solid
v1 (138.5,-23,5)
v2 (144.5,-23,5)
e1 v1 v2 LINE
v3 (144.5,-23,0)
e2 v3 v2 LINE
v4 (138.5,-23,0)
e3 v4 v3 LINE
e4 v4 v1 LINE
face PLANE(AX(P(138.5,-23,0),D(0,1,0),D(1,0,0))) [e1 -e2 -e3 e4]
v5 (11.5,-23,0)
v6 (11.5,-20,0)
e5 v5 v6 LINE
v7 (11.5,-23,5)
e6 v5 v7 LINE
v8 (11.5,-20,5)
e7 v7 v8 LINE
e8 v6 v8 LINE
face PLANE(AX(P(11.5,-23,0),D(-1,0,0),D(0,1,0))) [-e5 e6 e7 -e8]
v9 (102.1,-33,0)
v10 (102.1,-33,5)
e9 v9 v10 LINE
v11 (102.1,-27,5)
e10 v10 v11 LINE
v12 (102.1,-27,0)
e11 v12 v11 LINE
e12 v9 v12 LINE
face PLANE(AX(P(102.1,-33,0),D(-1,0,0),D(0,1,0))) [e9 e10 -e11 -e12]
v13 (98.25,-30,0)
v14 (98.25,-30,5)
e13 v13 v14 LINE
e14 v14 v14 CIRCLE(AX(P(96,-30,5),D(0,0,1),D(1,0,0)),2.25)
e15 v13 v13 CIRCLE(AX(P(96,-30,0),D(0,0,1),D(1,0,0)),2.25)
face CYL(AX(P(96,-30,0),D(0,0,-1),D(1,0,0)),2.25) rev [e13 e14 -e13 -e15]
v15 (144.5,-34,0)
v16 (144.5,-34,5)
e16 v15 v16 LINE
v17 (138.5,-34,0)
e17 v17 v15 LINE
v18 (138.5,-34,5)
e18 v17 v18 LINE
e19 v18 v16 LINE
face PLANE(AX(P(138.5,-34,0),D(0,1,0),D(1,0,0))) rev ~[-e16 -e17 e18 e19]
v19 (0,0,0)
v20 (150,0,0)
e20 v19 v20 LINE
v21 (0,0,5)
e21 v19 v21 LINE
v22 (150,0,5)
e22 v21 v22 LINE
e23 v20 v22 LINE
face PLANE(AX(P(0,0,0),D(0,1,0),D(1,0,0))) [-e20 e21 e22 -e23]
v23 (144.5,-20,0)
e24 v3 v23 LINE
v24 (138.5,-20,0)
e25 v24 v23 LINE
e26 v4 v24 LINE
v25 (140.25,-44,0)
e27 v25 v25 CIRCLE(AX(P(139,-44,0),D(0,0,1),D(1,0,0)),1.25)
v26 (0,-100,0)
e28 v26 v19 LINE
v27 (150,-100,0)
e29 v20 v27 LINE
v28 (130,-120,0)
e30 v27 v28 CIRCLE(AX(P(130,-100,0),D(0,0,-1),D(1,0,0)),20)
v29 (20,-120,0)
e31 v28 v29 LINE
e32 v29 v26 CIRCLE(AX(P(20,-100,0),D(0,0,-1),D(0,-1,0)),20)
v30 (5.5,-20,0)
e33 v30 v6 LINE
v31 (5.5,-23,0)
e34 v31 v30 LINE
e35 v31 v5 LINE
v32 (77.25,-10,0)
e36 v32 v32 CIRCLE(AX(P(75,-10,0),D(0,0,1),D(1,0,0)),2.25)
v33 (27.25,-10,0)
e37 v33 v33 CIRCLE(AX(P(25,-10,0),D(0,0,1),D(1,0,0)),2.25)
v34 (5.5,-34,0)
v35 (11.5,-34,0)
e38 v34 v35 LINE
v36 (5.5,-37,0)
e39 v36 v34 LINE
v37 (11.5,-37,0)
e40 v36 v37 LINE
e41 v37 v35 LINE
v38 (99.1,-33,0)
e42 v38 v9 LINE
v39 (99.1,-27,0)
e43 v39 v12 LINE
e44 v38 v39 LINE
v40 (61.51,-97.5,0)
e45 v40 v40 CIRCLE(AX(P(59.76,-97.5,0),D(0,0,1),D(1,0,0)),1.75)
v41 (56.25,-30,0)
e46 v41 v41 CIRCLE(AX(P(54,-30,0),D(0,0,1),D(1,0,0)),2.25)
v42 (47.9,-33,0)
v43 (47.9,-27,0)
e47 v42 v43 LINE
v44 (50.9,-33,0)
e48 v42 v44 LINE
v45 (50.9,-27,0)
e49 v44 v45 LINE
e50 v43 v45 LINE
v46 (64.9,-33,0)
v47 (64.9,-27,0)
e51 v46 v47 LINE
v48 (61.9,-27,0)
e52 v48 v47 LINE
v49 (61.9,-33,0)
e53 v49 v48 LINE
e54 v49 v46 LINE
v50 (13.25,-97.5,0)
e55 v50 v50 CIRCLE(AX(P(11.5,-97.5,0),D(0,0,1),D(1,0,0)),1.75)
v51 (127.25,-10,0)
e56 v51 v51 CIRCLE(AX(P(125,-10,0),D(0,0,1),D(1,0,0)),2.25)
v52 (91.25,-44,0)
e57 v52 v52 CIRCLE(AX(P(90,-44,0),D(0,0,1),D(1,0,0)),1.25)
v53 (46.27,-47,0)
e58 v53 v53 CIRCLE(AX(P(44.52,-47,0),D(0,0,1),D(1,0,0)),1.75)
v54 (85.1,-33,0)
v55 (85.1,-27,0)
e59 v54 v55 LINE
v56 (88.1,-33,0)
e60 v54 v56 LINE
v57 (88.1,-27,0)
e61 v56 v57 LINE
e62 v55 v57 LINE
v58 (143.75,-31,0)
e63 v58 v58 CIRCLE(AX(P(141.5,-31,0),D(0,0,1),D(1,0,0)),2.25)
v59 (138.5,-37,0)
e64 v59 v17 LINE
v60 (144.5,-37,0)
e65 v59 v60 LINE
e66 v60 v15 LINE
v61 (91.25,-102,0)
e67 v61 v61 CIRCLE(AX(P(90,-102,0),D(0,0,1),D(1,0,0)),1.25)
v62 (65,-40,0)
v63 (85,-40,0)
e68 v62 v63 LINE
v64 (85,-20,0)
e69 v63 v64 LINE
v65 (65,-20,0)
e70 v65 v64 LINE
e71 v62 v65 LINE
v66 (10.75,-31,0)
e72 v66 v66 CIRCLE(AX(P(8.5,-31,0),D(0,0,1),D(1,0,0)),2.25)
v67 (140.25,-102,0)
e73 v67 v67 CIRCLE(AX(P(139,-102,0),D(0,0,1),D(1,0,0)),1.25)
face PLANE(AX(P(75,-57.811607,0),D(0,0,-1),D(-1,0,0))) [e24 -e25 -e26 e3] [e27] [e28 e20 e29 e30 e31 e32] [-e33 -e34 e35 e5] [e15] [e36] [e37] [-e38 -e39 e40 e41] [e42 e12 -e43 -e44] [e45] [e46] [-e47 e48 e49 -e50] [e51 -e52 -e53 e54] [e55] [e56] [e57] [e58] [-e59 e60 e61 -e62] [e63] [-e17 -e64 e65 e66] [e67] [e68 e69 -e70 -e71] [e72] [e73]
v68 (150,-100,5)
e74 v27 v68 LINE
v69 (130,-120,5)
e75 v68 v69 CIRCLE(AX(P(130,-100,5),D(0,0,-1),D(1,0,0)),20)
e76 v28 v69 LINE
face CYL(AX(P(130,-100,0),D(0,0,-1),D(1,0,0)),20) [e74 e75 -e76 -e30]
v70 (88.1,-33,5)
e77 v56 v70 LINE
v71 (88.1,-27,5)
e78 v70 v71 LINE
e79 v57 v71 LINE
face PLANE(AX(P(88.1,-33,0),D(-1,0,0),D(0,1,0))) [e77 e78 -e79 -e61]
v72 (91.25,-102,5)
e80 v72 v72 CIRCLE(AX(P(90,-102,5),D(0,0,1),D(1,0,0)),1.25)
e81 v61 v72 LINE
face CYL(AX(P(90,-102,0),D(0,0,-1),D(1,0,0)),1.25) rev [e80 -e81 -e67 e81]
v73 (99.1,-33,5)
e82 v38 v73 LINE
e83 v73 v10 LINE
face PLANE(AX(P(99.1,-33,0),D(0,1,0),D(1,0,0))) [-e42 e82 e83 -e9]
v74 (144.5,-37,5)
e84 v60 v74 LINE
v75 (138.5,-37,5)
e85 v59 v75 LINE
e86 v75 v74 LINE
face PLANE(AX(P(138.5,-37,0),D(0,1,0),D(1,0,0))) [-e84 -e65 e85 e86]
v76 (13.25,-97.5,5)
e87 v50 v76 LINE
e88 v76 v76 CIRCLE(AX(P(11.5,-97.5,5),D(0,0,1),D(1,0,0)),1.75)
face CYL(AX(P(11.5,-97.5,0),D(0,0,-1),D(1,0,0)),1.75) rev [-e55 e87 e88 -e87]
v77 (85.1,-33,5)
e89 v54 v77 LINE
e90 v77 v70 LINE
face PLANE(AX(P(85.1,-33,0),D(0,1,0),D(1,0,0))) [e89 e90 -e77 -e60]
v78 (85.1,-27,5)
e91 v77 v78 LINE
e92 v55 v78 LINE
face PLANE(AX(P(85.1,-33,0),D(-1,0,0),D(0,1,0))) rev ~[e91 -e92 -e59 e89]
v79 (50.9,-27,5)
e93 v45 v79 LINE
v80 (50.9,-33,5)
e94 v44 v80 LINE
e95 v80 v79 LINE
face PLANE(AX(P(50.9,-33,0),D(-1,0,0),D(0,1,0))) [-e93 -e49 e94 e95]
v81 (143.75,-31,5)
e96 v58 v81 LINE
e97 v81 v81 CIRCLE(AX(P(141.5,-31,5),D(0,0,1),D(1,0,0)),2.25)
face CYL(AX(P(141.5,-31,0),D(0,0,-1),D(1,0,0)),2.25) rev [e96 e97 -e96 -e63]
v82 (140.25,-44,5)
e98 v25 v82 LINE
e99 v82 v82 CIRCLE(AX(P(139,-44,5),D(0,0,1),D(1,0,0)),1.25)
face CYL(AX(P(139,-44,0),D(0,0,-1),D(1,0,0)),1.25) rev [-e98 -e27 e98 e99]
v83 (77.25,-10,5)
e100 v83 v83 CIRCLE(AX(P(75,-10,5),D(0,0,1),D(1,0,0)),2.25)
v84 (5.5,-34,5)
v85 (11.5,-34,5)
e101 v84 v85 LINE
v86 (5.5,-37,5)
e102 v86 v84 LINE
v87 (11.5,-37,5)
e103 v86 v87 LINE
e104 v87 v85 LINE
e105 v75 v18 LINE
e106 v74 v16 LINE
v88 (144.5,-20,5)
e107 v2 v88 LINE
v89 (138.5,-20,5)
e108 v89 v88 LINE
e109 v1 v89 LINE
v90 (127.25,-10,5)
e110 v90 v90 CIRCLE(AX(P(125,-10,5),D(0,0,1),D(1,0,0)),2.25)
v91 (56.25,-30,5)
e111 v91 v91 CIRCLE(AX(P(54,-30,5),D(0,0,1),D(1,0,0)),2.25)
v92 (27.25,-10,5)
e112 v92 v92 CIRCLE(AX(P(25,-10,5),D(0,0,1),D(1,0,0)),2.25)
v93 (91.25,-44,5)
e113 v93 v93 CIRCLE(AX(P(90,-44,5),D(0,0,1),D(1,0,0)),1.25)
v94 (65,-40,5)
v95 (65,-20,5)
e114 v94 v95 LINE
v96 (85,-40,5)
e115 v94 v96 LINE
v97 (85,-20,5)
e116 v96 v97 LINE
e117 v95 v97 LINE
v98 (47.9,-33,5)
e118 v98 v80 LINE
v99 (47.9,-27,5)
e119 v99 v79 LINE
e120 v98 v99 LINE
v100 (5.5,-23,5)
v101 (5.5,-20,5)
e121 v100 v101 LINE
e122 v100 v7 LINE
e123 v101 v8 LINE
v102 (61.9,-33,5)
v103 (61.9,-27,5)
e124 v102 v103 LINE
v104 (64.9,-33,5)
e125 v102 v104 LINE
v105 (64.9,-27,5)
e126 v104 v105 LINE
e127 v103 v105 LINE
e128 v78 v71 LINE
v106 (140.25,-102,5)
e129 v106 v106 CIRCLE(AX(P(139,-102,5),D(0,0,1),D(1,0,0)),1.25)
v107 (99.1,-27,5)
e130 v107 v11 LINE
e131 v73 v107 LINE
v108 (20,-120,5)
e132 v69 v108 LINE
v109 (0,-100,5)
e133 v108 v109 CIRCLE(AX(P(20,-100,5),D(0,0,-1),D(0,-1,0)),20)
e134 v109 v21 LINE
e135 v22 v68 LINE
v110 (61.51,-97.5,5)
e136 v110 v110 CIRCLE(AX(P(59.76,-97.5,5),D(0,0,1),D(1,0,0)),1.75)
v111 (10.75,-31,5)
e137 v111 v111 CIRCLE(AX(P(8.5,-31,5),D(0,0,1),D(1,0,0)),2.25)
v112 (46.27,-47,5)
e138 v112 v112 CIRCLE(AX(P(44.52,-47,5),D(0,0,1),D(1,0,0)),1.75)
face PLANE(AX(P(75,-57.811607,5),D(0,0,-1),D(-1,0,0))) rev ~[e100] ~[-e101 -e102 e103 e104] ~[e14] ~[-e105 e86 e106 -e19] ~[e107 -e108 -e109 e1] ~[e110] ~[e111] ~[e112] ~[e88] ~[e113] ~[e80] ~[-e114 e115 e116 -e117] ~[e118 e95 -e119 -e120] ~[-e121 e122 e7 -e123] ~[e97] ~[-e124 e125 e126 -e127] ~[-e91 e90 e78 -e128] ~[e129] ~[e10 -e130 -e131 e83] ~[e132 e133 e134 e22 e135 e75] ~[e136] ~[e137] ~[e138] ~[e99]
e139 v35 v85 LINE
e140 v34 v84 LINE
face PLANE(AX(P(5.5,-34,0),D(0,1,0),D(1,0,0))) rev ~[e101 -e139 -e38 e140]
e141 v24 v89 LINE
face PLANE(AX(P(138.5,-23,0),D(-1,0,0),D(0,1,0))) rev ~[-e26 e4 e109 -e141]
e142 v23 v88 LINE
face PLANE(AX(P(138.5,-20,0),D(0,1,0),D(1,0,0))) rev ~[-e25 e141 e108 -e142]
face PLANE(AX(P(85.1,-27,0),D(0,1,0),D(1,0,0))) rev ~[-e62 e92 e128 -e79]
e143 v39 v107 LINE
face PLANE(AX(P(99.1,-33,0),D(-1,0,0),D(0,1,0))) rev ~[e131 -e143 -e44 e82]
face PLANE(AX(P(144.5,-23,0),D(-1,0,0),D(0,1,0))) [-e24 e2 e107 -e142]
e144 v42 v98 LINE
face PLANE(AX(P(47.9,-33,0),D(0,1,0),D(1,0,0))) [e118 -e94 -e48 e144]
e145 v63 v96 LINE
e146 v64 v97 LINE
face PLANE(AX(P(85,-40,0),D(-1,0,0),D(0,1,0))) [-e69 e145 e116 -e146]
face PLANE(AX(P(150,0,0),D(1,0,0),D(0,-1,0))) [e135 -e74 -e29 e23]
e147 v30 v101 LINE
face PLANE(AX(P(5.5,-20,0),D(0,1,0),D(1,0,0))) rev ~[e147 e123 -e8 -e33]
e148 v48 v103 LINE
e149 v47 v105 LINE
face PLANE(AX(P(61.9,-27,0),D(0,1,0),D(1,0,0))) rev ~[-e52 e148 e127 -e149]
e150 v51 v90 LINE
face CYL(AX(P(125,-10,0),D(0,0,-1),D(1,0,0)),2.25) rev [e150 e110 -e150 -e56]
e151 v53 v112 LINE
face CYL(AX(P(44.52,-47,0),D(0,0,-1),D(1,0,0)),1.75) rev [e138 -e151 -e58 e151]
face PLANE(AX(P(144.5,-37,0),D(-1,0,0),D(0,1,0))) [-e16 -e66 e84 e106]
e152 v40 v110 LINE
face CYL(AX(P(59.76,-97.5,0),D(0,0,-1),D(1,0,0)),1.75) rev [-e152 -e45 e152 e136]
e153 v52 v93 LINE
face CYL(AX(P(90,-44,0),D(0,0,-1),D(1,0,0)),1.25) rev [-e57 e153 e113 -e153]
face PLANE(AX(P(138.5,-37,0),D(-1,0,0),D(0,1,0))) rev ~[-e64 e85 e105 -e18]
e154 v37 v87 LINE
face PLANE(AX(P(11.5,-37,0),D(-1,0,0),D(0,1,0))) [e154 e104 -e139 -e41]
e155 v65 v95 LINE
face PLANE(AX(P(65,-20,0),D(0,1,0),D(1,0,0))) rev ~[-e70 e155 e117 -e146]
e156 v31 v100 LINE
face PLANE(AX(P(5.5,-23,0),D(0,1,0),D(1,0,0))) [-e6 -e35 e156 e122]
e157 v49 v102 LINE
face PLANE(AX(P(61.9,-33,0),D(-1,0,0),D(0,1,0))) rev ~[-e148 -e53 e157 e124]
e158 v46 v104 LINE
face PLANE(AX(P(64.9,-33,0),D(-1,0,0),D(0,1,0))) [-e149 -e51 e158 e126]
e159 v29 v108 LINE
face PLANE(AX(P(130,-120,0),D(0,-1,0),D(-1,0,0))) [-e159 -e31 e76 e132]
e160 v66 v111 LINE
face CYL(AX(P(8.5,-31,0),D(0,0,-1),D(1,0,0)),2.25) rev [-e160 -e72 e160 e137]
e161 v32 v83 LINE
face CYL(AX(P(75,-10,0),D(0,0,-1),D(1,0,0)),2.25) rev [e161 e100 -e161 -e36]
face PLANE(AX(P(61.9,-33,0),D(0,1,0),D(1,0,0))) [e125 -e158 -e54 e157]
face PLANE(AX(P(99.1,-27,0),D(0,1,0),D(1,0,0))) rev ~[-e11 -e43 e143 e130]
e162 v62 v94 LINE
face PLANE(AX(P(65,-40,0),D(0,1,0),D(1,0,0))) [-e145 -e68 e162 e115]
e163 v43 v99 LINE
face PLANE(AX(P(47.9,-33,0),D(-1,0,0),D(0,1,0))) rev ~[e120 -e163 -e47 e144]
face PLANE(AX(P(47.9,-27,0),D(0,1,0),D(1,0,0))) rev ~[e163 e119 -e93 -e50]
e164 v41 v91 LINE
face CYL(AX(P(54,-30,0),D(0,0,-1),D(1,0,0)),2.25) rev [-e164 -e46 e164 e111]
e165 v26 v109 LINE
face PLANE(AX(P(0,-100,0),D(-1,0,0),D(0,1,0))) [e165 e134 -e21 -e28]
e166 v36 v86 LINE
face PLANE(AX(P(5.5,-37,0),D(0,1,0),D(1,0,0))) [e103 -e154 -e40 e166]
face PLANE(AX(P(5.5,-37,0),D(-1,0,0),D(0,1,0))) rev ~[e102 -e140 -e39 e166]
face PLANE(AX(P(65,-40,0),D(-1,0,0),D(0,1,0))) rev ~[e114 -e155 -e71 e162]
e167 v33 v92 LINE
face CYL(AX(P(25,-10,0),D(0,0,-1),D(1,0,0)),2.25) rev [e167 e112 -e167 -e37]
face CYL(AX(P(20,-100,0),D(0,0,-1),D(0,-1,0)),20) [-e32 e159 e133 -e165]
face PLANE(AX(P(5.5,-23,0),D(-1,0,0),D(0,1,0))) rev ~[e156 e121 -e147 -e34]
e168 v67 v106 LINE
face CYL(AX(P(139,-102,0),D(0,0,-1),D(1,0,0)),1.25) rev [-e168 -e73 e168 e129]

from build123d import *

# Parameters (mm, degrees)
ESQUISSE1_R        = 1.25
ESQUISSE1_R_2      = 2.25
ESQUISSE1_R_3      = 1.75
ESQUISSE1_W        = 20
ESQUISSE1_H        = 20
ESQUISSE1_W_2      = 6
ESQUISSE1_H_2      = 3
ESQUISSE1_W_3      = 3
ESQUISSE1_H_3      = 6
BOSS_EXTRU_1_DEPTH = 5


with BuildPart() as part:
    # Esquisse1 → Boss.-Extru.1 (new body)
    with BuildSketch(Plane.XY):
        with BuildLine():
            Line((0, 0), (150, 0))
            Line((150, 0), (150, -100))
            ThreePointArc((150, -100), (144.142135624, -114.142135624), (130, -120))
            Line((130, -120), (20, -120))
            ThreePointArc((20, -120), (5.857864376, -114.142135624), (0, -100))
            Line((0, -100), (0, 0))
        make_face()
        with Locations((90, -44)):
            Circle(ESQUISSE1_R, mode=Mode.SUBTRACT)
        with Locations((139, -44)):
            Circle(ESQUISSE1_R, mode=Mode.SUBTRACT)
        with Locations((139, -102)):
            Circle(ESQUISSE1_R, mode=Mode.SUBTRACT)
        with Locations((90, -102)):
            Circle(ESQUISSE1_R, mode=Mode.SUBTRACT)
        with Locations((8.5, -31)):
            Circle(ESQUISSE1_R_2, mode=Mode.SUBTRACT)
        with Locations((141.5, -31)):
            Circle(ESQUISSE1_R_2, mode=Mode.SUBTRACT)
        with Locations((25, -10)):
            Circle(ESQUISSE1_R_2, mode=Mode.SUBTRACT)
        with Locations((125, -10)):
            Circle(ESQUISSE1_R_2, mode=Mode.SUBTRACT)
        with Locations((96, -30)):
            Circle(ESQUISSE1_R_2, mode=Mode.SUBTRACT)
        with Locations((54, -30)):
            Circle(ESQUISSE1_R_2, mode=Mode.SUBTRACT)
        with Locations((75, -10)):
            Circle(ESQUISSE1_R_2, mode=Mode.SUBTRACT)
        with Locations((11.5, -97.5)):
            Circle(ESQUISSE1_R_3, mode=Mode.SUBTRACT)
        with Locations((59.76, -97.5)):
            Circle(ESQUISSE1_R_3, mode=Mode.SUBTRACT)
        with Locations((44.52, -47)):
            Circle(ESQUISSE1_R_3, mode=Mode.SUBTRACT)
        with Locations((75, -30)):
            Rectangle(ESQUISSE1_W, ESQUISSE1_H, mode=Mode.SUBTRACT)
        with Locations((8.5, -35.5)):
            Rectangle(ESQUISSE1_W_2, ESQUISSE1_H_2, mode=Mode.SUBTRACT)
        with Locations((8.5, -21.5)):
            Rectangle(ESQUISSE1_W_2, ESQUISSE1_H_2, mode=Mode.SUBTRACT)
        with Locations((141.5, -35.5)):
            Rectangle(ESQUISSE1_W_2, ESQUISSE1_H_2, mode=Mode.SUBTRACT)
        with Locations((141.5, -21.5)):
            Rectangle(ESQUISSE1_W_2, ESQUISSE1_H_2, mode=Mode.SUBTRACT)
        with Locations((100.6, -30)):
            Rectangle(ESQUISSE1_W_3, ESQUISSE1_H_3, mode=Mode.SUBTRACT)
        with Locations((86.6, -30)):
            Rectangle(ESQUISSE1_W_3, ESQUISSE1_H_3, mode=Mode.SUBTRACT)
        with Locations((49.4, -30)):
            Rectangle(ESQUISSE1_W_3, ESQUISSE1_H_3, mode=Mode.SUBTRACT)
        with Locations((63.4, -30)):
            Rectangle(ESQUISSE1_W_3, ESQUISSE1_H_3, mode=Mode.SUBTRACT)
    extrude(amount=BOSS_EXTRU_1_DEPTH)


solid = part.part
